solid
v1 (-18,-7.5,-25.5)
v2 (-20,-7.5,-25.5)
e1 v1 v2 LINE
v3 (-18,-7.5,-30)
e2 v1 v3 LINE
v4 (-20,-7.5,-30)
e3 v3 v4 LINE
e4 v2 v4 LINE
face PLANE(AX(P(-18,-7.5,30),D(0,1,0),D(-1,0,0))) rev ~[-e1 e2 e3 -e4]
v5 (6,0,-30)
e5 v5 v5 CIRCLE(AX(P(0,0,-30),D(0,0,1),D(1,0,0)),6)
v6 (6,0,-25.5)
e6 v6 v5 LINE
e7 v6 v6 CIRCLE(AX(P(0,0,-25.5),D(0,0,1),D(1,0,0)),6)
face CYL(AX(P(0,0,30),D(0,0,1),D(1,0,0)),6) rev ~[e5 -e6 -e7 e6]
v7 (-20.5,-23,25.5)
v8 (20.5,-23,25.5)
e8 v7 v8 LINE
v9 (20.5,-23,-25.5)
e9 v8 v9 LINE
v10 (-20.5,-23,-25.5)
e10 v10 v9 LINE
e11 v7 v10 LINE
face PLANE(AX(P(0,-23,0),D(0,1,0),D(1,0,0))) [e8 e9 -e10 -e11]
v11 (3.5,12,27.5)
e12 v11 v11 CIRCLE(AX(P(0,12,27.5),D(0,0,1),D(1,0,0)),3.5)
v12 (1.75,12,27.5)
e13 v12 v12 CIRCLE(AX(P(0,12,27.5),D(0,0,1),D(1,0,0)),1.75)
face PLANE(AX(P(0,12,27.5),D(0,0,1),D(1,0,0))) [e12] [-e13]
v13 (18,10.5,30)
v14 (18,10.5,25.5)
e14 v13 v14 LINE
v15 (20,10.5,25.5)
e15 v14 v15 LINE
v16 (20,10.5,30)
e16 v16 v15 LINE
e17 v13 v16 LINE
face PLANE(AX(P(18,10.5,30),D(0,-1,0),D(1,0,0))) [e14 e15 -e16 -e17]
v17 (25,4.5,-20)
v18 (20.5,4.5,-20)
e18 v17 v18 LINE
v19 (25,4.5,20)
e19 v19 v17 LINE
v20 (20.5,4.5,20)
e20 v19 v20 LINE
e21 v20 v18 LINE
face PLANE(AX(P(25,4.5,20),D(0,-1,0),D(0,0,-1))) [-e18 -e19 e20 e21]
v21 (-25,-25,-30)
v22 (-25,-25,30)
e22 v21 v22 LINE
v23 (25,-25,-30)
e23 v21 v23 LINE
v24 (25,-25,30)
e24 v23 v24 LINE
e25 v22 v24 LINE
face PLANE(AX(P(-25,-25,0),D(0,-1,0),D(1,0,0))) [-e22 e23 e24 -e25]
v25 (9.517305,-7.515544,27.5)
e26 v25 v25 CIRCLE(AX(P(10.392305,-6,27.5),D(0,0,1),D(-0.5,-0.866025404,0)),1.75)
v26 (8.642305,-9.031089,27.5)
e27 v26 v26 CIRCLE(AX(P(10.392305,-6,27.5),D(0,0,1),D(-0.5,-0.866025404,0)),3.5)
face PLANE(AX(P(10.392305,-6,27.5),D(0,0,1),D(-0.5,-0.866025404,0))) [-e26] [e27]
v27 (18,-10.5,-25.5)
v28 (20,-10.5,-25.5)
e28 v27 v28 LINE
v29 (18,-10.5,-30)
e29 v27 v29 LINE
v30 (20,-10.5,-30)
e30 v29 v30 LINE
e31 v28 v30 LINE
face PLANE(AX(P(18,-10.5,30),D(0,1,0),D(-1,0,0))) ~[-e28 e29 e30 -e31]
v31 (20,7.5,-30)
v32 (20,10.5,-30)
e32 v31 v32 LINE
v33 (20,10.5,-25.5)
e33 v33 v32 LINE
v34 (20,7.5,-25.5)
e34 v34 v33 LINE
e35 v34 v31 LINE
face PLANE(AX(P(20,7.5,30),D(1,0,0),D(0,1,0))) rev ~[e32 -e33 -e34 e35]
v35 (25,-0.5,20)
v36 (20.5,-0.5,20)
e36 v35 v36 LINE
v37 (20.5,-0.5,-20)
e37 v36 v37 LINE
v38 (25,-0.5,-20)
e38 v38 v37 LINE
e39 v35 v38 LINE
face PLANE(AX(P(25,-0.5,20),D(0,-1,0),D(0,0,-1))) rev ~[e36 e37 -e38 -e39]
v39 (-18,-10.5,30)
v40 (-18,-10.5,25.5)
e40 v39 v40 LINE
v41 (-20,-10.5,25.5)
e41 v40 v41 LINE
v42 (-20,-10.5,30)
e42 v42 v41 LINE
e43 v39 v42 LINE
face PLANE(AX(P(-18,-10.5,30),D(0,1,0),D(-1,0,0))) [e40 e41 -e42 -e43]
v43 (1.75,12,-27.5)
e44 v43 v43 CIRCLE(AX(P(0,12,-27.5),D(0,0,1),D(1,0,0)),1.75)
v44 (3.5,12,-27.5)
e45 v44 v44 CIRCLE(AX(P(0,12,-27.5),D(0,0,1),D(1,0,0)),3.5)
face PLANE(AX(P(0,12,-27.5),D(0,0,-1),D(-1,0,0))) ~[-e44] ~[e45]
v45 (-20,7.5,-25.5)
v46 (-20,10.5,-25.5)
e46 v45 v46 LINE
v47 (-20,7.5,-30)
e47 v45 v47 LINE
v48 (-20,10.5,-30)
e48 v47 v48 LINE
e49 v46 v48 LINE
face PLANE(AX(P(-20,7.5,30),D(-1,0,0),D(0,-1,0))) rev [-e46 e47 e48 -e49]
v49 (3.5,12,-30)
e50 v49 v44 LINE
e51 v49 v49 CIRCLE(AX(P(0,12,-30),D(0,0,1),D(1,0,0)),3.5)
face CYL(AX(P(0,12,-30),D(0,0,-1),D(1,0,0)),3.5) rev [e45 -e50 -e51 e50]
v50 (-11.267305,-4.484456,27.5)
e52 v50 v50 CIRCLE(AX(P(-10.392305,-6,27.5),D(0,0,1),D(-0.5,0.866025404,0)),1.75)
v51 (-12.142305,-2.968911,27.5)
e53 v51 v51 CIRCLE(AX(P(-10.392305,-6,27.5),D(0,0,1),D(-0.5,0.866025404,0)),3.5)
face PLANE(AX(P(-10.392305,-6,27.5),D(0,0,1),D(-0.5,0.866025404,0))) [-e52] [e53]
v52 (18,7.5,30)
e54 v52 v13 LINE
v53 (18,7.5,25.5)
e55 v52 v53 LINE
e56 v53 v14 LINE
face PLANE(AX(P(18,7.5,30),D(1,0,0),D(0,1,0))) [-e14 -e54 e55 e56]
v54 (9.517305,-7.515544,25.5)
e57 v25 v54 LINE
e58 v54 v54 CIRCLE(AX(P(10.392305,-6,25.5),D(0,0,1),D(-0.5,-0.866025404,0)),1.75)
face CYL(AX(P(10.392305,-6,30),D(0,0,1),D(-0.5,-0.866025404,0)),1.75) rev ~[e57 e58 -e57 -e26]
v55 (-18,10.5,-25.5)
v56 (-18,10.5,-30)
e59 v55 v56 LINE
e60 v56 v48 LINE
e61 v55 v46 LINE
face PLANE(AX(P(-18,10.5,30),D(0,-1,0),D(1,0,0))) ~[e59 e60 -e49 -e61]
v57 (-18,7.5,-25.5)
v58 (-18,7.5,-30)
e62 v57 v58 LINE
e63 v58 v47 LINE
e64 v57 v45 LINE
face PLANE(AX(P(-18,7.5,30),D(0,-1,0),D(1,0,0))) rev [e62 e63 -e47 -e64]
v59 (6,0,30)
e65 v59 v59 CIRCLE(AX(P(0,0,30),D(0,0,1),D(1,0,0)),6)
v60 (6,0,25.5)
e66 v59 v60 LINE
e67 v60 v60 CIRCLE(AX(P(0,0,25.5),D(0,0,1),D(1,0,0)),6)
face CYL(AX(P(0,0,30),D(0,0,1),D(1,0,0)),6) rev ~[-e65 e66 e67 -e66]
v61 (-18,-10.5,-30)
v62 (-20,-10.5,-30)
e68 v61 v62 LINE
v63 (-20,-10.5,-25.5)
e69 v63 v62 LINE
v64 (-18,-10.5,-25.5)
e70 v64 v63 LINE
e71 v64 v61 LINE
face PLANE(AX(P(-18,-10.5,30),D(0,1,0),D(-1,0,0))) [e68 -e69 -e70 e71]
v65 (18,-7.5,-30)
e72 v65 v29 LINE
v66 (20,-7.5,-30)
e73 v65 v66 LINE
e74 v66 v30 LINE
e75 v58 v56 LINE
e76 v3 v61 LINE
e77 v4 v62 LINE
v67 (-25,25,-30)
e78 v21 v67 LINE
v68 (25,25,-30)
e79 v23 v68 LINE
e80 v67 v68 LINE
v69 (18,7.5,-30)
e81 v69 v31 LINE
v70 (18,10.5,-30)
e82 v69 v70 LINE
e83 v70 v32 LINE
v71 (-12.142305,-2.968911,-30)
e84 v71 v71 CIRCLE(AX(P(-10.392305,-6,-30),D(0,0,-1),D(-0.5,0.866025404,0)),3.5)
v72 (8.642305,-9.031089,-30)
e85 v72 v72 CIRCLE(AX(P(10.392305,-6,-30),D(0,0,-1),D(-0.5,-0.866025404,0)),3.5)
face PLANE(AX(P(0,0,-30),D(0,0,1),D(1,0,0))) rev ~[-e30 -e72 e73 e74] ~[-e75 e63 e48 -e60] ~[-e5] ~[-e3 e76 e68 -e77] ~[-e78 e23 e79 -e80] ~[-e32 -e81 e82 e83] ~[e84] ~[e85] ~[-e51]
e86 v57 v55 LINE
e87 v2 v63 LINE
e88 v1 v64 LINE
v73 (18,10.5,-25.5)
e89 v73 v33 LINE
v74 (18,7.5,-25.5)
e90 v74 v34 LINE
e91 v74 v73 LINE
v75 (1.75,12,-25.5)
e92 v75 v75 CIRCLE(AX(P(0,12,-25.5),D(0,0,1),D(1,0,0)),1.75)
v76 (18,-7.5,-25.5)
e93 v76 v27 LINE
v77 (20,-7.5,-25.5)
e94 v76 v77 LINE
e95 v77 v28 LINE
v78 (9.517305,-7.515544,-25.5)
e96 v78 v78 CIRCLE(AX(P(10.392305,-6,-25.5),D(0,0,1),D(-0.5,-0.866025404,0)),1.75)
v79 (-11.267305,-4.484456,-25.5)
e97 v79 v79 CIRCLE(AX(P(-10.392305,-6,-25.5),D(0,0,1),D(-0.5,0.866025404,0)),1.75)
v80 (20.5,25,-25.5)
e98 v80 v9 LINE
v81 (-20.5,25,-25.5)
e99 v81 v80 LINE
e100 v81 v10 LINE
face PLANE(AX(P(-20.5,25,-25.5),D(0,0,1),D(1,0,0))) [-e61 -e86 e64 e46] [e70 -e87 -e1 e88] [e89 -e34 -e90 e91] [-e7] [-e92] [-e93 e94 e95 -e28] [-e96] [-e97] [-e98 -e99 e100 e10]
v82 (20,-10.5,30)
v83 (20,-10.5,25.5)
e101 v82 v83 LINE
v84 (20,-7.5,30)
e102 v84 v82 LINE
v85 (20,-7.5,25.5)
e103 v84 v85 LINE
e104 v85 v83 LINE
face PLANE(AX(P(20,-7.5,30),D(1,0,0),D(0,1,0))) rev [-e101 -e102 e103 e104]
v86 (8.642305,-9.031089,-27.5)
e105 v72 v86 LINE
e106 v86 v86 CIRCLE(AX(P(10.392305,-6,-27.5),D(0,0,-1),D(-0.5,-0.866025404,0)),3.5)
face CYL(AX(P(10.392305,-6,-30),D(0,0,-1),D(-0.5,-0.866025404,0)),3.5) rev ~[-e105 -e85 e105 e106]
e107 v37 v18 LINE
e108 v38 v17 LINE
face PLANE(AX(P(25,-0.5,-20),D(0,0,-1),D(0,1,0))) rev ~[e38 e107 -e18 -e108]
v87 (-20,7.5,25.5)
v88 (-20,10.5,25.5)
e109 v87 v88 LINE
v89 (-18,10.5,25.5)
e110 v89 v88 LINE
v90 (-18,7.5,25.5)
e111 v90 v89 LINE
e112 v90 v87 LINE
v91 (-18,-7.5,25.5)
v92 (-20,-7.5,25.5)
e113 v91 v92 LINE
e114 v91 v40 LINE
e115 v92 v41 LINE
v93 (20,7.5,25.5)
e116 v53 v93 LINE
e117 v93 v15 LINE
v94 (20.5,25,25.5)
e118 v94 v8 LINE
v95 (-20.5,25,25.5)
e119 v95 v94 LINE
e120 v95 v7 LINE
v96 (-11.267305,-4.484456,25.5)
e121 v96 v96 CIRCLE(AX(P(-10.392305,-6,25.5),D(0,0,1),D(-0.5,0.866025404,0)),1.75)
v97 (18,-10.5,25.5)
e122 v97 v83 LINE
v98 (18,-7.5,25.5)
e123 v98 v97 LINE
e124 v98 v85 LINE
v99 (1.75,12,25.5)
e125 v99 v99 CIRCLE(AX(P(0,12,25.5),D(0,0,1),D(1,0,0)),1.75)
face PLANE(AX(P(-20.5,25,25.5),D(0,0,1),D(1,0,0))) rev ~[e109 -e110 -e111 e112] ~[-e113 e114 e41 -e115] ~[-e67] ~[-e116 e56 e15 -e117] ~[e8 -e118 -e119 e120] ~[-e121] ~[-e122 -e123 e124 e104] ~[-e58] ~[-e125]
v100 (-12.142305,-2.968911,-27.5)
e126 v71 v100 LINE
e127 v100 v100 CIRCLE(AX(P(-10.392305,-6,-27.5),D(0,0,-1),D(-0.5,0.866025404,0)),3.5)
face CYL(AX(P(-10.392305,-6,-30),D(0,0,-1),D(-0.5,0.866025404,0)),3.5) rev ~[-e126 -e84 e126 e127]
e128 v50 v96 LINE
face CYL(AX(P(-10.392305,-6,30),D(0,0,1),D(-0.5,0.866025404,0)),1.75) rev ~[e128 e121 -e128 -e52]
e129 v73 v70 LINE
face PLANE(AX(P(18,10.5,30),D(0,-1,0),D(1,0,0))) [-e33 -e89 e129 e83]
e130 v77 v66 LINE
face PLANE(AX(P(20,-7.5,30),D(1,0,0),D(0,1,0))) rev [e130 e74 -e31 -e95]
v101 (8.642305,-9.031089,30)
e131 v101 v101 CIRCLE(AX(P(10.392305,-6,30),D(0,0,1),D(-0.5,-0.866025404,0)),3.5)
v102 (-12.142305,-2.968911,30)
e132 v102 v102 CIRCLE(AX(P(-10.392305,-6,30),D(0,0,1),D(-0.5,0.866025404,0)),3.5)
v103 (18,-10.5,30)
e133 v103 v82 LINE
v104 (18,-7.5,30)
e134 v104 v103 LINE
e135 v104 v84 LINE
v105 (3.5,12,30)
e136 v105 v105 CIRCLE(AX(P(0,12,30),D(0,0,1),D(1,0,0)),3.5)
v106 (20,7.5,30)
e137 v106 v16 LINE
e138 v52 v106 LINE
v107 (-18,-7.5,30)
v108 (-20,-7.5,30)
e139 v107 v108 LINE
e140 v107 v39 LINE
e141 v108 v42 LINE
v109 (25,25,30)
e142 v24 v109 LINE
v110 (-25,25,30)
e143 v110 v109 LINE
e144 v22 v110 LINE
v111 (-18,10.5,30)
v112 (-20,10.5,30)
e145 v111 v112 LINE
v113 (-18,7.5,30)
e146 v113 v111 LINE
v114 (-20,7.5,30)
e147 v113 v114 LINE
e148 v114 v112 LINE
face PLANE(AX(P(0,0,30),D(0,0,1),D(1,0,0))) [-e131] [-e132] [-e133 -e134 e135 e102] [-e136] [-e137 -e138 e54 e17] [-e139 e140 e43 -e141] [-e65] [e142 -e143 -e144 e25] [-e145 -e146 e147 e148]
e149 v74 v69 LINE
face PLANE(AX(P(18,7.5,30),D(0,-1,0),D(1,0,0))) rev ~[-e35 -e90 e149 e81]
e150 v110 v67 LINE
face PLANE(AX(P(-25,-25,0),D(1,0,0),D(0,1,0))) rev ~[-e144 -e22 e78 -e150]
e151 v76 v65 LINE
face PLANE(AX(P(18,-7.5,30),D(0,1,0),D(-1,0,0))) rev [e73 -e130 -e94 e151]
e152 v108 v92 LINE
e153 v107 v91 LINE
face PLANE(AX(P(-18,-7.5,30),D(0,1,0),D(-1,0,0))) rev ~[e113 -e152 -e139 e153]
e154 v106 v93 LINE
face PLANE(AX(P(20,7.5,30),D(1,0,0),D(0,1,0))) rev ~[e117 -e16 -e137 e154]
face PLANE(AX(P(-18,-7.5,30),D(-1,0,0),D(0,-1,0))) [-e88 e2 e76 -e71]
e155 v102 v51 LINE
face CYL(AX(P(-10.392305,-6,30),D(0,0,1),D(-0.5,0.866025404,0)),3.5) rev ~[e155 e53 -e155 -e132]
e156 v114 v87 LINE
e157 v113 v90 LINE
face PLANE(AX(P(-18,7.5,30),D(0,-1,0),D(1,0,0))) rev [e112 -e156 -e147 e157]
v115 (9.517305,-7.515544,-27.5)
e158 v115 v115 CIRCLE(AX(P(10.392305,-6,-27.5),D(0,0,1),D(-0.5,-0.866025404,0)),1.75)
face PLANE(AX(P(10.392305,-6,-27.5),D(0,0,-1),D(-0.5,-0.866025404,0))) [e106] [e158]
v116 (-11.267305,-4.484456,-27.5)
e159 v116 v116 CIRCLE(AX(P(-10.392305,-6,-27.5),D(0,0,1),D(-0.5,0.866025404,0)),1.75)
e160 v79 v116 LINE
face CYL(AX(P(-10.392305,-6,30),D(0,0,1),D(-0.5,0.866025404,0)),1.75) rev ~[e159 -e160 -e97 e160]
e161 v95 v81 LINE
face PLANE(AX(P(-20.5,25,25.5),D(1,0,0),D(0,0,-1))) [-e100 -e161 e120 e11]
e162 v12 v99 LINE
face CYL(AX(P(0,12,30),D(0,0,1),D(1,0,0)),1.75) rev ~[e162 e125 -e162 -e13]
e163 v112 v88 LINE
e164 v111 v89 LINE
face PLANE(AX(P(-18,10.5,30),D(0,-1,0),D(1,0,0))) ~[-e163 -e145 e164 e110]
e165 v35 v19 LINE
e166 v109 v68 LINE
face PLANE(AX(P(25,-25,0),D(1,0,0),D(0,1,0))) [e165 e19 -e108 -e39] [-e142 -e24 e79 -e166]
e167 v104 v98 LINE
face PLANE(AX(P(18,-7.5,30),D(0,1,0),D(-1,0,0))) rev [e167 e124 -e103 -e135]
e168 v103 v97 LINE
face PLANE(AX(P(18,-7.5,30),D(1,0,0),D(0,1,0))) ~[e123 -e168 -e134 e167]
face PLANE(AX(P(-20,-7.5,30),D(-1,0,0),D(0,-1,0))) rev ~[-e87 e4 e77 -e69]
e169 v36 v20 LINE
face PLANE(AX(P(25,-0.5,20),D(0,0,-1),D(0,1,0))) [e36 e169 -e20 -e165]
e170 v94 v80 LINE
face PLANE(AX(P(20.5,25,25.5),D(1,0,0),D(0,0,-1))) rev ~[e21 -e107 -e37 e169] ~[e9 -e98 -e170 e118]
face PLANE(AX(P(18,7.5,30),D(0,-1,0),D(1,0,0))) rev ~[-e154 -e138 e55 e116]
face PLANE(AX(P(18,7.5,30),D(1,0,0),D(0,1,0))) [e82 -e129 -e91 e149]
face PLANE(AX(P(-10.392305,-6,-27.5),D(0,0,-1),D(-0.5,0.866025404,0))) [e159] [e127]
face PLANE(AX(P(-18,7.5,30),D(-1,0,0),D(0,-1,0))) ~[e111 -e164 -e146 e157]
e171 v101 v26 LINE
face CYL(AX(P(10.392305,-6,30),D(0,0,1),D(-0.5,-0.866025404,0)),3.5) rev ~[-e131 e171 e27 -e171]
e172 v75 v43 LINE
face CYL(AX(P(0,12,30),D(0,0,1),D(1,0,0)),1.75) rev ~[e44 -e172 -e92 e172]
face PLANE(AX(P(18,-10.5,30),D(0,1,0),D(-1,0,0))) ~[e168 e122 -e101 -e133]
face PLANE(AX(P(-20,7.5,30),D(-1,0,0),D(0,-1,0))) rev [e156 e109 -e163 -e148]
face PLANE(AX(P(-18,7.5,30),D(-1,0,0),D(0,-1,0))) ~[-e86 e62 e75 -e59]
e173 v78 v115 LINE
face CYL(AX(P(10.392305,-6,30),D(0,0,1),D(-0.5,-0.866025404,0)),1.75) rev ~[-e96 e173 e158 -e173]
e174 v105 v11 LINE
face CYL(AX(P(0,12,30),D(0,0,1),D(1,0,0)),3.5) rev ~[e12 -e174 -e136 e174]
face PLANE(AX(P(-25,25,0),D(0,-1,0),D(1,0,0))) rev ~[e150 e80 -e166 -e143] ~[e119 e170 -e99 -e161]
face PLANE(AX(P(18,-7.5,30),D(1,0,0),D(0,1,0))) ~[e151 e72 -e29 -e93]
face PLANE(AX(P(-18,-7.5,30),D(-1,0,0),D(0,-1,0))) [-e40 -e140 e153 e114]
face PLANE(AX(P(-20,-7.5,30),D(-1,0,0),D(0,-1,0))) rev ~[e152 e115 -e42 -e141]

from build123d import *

# Parameters (mm, degrees)
SKETCH1_W                                  = 50
SKETCH1_H                                  = 50
BOSS_EXTRUDE1_DEPTH                        = 30
SKETCH3_R                                  = 6
CUT_EXTRUDE1_DEPTH                         = 70
SKETCH5_W                                  = 41
SKETCH5_H                                  = 51
CUT_EXTRUDE3_DEPTH                         = 48
SKETCH7_R                                  = 1.75
CUT_EXTRUDE5_DEPTH                         = 60
CIRPATTERN3_COUNT                          = 3
SKETCH8_W                                  = 2
SKETCH8_H                                  = 3
CUT_EXTRUDE6_DEPTH                         = 60
MIRROR1_AT_THE_SECOND_PLANE_COPY_1_SKETC_W = 2
MIRROR1_AT_THE_SECOND_PLANE_COPY_1_SKETC_H = 3
MIRROR1_AT_THE_SECOND_PLANE_COPY_1_DEPTH   = 60
SKETCH9_W                                  = 40
SKETCH9_H                                  = 5
CUT_EXTRUDE7_DEPTH                         = 40
SKETCH10_R                                 = 3.5
CUT_EXTRUDE8_DEPTH                         = 2.5
CIRPATTERN4_COUNT                          = 3
MIRROR2_COPY_1_SKETCH_R                    = 3.5
MIRROR2_COPY_1_DEPTH                       = 2.5
MIRROR2_COPY_2_SKETCH_R                    = 3.5
MIRROR2_COPY_2_DEPTH                       = 2.5


with BuildPart() as part:
    # Sketch1 → Boss-Extrude1 (new, symmetric)
    with BuildSketch(Plane.XY):
        Rectangle(SKETCH1_W, SKETCH1_H)
    extrude(amount=BOSS_EXTRUDE1_DEPTH, both=True)

    # Sketch3 → Cut-Extrude1 (cut)
    with BuildSketch(Plane.XY.offset(30)):
        Circle(SKETCH3_R)
    extrude(amount=-CUT_EXTRUDE1_DEPTH, mode=Mode.SUBTRACT)

    # Sketch5 → Cut-Extrude3 (cut)
    with BuildSketch(Plane(origin=(0, 25, 0), x_dir=(1, 0, 0), z_dir=(0, 1, 0))):
        Rectangle(SKETCH5_W, SKETCH5_H)
    extrude(amount=-CUT_EXTRUDE3_DEPTH, mode=Mode.SUBTRACT)

    # Sketch7 → Cut-Extrude5 (cut)
    with BuildSketch(Plane.XY.offset(30)):
        with Locations((0, 12)):
            Circle(SKETCH7_R)
    cut_extrude5 = extrude(amount=-CUT_EXTRUDE5_DEPTH, mode=Mode.SUBTRACT)

    # CirPattern3: Cut-Extrude5 ×3 about axis
    cirpattern3_axis = Axis((0, 0, 0), (0, 0, 1))
    for i in range(1, CIRPATTERN3_COUNT):
        add(cut_extrude5.rotate(cirpattern3_axis, i * 360 / CIRPATTERN3_COUNT), mode=Mode.SUBTRACT)

    # Sketch8 → Cut-Extrude6 (cut)
    with BuildSketch(Plane.XY.offset(30)):
        with Locations((19, 9)):
            Rectangle(SKETCH8_W, SKETCH8_H)
    cut_extrude6 = extrude(amount=-CUT_EXTRUDE6_DEPTH, mode=Mode.SUBTRACT)

    # Mirror1: Cut-Extrude6 across plane
    add(cut_extrude6.mirror(Plane.ZX), mode=Mode.SUBTRACT)

    # Mirror1 at the second plane: Cut-Extrude6 across plane
    add(cut_extrude6.mirror(Plane(origin=(0, 0, 0), x_dir=(0, 0, 1), z_dir=(1, 0, 0))), mode=Mode.SUBTRACT)

    # Mirror1 at the second plane copy 1 sketc → Mirror1 at the second plane copy 1 (cut)
    with BuildSketch(Plane(origin=(0, 0, 30), x_dir=(-1, 0, 0), z_dir=(0, 0, 1))):
        with Locations((19, 9)):
            Rectangle(MIRROR1_AT_THE_SECOND_PLANE_COPY_1_SKETC_W, MIRROR1_AT_THE_SECOND_PLANE_COPY_1_SKETC_H)
    extrude(amount=-MIRROR1_AT_THE_SECOND_PLANE_COPY_1_DEPTH, mode=Mode.SUBTRACT)

    # Sketch9 → Cut-Extrude7 (cut)
    with BuildSketch(Plane(origin=(25, 0, 0), x_dir=(0, 0, -1), z_dir=(1, 0, 0))):
        with Locations((0, 2)):
            Rectangle(SKETCH9_W, SKETCH9_H)
    extrude(amount=-CUT_EXTRUDE7_DEPTH, mode=Mode.SUBTRACT)

    # Sketch10 → Cut-Extrude8 (cut)
    with BuildSketch(Plane.XY.offset(30)):
        with Locations((0, 12)):
            Circle(SKETCH10_R)
    cut_extrude8 = extrude(amount=-CUT_EXTRUDE8_DEPTH, mode=Mode.SUBTRACT)

    # CirPattern4: Cut-Extrude8 ×3 about axis
    cirpattern4_axis = Axis((0, 0, 0), (0, 0, 1))
    for i in range(1, CIRPATTERN4_COUNT):
        add(cut_extrude8.rotate(cirpattern4_axis, i * 360 / CIRPATTERN4_COUNT), mode=Mode.SUBTRACT)

    # Mirror2: Cut-Extrude8 across plane
    add(cut_extrude8.mirror(Plane.XY), mode=Mode.SUBTRACT)

    # Mirror2 copy 1 sketch → Mirror2 copy 1 (cut)
    with BuildSketch(Plane(origin=(0, 0, -30), x_dir=(-0.4999999999999998, 0.8660254037844387, 0), z_dir=(0, 0, -1))):
        with Locations((0, -12)):
            Circle(MIRROR2_COPY_1_SKETCH_R)
    extrude(amount=-MIRROR2_COPY_1_DEPTH, mode=Mode.SUBTRACT)

    # Mirror2 copy 2 sketch → Mirror2 copy 2 (cut)
    with BuildSketch(Plane(origin=(0, 0, -30), x_dir=(-0.5000000000000004, -0.8660254037844384, 0), z_dir=(0, 0, -1))):
        with Locations((0, -12)):
            Circle(MIRROR2_COPY_2_SKETCH_R)
    extrude(amount=-MIRROR2_COPY_2_DEPTH, mode=Mode.SUBTRACT)


solid = part.part
